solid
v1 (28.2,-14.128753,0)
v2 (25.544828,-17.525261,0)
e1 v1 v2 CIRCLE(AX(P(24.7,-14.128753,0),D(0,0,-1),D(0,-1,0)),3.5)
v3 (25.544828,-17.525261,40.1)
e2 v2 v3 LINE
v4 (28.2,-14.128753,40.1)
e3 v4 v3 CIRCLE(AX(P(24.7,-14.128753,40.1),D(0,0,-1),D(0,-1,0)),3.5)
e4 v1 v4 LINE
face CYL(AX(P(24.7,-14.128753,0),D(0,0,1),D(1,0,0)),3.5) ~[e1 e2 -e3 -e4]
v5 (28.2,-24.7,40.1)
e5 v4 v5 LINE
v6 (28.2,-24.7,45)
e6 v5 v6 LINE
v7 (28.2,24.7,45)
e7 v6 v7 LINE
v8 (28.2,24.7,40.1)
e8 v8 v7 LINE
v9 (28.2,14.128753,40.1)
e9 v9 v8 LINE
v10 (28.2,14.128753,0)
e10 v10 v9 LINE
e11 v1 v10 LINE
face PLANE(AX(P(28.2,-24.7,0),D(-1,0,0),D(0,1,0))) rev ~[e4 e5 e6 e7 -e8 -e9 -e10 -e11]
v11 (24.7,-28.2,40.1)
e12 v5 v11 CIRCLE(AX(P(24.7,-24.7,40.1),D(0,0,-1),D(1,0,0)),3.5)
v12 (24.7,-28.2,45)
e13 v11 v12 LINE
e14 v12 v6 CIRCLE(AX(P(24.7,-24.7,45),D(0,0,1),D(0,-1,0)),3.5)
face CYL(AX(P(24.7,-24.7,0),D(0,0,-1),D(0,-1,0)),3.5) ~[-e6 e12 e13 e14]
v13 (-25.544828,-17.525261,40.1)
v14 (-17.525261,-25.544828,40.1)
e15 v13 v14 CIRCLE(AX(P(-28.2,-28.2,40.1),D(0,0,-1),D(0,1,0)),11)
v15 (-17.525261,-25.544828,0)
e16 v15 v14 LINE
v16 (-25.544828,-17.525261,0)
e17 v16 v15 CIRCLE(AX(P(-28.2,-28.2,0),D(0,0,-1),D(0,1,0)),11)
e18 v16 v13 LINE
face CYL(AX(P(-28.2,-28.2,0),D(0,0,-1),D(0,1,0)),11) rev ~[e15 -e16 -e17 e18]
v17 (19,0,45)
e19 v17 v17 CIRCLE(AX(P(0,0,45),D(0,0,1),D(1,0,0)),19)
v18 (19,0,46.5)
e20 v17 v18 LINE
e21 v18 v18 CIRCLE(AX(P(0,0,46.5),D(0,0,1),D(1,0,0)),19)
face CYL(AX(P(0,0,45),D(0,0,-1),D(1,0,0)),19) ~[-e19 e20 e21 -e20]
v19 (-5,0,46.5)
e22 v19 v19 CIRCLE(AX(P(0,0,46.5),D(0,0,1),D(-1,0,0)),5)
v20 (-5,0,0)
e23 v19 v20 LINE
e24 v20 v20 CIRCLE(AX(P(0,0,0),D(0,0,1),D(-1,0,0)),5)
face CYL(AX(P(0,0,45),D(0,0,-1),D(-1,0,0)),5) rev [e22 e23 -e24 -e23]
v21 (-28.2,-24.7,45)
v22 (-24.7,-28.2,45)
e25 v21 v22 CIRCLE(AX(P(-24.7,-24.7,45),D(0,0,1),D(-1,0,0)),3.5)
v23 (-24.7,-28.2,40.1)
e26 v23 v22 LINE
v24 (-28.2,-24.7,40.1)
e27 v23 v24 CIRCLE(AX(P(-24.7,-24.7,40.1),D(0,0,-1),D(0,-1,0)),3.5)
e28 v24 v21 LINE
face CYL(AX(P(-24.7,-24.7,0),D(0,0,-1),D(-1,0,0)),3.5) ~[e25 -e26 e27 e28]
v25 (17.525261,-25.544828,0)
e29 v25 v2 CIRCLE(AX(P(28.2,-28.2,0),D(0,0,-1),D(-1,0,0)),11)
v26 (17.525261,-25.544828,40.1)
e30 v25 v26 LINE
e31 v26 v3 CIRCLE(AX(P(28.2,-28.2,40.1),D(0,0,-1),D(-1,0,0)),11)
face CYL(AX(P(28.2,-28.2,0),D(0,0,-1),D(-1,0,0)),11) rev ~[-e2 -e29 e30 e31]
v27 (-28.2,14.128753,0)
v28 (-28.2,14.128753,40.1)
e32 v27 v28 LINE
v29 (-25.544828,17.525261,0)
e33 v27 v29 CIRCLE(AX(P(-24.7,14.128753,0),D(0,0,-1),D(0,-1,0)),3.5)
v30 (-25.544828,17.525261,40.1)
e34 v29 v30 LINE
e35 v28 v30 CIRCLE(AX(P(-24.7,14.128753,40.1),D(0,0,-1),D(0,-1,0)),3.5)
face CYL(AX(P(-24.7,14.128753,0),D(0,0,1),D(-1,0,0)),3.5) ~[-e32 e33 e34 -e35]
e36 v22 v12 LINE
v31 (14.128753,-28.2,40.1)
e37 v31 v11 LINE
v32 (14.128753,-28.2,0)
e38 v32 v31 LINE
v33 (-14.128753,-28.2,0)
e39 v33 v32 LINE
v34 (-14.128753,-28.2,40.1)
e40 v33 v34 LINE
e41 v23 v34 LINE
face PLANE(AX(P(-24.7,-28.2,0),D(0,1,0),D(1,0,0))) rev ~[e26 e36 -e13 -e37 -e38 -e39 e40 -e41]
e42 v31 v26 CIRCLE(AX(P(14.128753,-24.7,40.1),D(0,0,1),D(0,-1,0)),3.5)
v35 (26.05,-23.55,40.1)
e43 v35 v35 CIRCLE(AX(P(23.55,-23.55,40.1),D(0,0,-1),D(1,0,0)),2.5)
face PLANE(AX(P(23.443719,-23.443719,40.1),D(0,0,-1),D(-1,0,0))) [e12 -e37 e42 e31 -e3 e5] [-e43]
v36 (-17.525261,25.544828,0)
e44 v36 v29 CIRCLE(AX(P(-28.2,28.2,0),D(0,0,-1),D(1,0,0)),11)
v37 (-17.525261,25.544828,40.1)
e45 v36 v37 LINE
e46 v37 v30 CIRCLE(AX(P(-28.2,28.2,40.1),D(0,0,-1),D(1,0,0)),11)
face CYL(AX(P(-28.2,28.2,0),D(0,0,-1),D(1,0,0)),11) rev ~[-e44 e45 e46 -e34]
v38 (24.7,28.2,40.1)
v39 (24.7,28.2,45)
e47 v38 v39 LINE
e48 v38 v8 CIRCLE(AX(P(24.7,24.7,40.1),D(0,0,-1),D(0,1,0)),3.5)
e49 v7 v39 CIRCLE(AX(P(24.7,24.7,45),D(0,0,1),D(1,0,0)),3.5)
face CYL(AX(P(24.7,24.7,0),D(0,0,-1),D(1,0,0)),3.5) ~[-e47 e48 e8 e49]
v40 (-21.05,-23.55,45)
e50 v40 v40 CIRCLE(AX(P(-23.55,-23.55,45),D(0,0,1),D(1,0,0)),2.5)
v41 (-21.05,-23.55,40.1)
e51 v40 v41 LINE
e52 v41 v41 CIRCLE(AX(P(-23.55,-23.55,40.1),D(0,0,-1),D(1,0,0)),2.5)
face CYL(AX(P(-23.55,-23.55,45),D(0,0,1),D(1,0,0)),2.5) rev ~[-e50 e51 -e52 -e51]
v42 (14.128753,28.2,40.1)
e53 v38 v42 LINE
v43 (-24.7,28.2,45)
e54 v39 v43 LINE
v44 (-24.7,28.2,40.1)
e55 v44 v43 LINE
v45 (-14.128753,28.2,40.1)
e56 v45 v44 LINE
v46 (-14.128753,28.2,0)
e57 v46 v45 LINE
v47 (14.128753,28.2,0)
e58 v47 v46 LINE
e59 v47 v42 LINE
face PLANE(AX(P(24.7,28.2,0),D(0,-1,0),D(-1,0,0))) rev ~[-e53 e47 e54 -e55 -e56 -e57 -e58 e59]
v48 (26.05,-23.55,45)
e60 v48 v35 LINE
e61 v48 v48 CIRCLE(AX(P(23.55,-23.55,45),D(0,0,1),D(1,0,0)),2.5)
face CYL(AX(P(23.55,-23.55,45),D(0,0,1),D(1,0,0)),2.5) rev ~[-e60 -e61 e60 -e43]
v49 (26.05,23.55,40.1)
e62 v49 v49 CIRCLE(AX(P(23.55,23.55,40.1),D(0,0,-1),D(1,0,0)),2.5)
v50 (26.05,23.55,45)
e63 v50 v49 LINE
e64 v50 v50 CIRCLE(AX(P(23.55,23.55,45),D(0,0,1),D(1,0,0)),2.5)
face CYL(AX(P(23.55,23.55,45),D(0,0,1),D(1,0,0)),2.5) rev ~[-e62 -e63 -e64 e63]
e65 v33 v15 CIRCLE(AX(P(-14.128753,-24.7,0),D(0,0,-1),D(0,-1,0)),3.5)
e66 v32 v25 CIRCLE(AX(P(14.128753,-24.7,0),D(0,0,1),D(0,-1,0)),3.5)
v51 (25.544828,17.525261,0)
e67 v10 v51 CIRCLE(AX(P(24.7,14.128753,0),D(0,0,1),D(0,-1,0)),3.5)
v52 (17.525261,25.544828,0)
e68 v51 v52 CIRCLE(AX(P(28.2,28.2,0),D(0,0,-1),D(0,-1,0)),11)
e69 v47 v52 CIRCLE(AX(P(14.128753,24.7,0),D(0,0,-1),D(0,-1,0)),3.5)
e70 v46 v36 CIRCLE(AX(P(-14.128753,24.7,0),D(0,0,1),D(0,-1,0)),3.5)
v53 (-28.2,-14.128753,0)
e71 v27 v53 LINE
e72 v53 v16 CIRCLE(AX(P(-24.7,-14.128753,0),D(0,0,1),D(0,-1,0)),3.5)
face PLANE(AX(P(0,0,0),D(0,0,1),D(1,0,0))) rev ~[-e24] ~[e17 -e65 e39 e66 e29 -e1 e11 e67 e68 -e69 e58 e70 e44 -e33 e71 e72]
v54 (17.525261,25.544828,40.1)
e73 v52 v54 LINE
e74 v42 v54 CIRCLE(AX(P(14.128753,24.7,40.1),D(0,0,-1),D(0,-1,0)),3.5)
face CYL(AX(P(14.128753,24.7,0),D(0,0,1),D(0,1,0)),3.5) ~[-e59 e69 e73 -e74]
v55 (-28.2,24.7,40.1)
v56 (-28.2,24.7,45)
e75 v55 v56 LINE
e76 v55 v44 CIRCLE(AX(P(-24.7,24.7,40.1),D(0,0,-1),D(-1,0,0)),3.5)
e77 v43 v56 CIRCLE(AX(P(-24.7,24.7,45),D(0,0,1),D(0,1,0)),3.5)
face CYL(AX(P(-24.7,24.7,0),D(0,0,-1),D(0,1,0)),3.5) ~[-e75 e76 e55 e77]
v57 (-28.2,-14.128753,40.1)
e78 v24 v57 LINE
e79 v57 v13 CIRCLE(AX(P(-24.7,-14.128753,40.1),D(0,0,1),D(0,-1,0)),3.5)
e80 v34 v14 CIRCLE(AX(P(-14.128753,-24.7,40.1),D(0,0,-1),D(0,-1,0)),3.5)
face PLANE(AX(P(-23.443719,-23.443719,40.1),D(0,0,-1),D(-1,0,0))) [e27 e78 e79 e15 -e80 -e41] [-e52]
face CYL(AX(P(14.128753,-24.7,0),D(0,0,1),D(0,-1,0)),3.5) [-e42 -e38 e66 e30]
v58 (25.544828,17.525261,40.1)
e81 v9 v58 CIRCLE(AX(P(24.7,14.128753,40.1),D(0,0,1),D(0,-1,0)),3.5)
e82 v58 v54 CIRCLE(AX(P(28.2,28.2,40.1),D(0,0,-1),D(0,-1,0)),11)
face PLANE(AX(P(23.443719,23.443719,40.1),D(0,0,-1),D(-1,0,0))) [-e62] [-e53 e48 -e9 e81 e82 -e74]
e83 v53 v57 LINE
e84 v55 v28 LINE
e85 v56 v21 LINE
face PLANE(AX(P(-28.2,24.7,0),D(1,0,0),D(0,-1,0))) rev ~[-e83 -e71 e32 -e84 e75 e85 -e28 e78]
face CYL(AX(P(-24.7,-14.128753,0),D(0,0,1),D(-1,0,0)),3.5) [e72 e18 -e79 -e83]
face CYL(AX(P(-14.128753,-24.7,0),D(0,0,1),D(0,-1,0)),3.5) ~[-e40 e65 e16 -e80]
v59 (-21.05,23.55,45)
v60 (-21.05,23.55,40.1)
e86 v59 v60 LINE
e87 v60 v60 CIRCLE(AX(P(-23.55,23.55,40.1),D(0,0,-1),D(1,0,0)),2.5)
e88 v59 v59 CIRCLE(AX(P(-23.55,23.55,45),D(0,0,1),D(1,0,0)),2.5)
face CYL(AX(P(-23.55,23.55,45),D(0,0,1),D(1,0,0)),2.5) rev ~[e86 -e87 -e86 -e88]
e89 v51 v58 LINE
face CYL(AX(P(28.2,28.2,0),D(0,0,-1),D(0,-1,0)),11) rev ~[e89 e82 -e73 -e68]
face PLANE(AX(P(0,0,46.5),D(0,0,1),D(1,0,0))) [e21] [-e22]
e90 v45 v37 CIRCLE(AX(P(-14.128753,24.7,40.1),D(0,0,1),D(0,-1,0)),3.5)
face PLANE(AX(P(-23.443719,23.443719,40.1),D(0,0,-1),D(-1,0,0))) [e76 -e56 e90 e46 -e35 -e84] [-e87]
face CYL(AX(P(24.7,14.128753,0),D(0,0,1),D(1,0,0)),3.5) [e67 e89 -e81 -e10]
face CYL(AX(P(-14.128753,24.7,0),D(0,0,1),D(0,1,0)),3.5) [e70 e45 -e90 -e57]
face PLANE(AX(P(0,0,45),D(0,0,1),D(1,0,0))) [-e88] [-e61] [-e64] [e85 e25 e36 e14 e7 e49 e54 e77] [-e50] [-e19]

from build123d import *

# Parameters (mm, degrees)
SKETCH1_R           = 5
BOSS_EXTRUDE1_DEPTH = 45
SKETCH2_R           = 19
SKETCH2_R_2         = 5
BOSS_EXTRUDE2_DEPTH = 1.5
SKETCH3_R           = 2.5
CUT_EXTRUDE1_DEPTH  = 61.128861622
SKETCH4_R           = 2.5
CUT_EXTRUDE2_DEPTH  = 40.1
FILLET1_R           = 3.5


with BuildPart() as part:
    # Sketch1 → Boss-Extrude1 (new body)
    with BuildSketch(Plane.XY):
        with BuildLine():
            Line((-24.7, -28.2), (24.7, -28.2))
            ThreePointArc((24.7, -28.2), (27.174873734, -27.174873734), (28.2, -24.7))
            Line((28.2, -24.7), (28.2, 24.7))
            ThreePointArc((28.2, 24.7), (27.174873734, 27.174873734), (24.7, 28.2))
            Line((24.7, 28.2), (-24.7, 28.2))
            ThreePointArc((-24.7, 28.2), (-27.174873734, 27.174873734), (-28.2, 24.7))
            Line((-28.2, 24.7), (-28.2, -24.7))
            ThreePointArc((-28.2, -24.7), (-27.174873734, -27.174873734), (-24.7, -28.2))
        make_face()
        with Locations(Location((0, 0, 0), (0, 0, 180))):
            Circle(SKETCH1_R, mode=Mode.SUBTRACT)
    extrude(amount=BOSS_EXTRUDE1_DEPTH)

    # Sketch2 → Boss-Extrude2 (add)
    with BuildSketch(Plane.XY.offset(45)):
        Circle(SKETCH2_R)
        with Locations(Location((0, 0, 0), (0, 0, 180))):
            Circle(SKETCH2_R_2, mode=Mode.SUBTRACT)
    extrude(amount=BOSS_EXTRUDE2_DEPTH)

    # Sketch3 → Cut-Extrude1 (cut, through all)
    with BuildSketch(Plane.XY.offset(45)):
        with Locations((-23.55, 23.55)):
            Circle(SKETCH3_R)
        with Locations((23.55, 23.55)):
            Circle(SKETCH3_R)
        with Locations((23.55, -23.55)):
            Circle(SKETCH3_R)
        with Locations((-23.55, -23.55)):
            Circle(SKETCH3_R)
    extrude(amount=-CUT_EXTRUDE1_DEPTH, mode=Mode.SUBTRACT)

    # Sketch4 → Cut-Extrude2 (cut)
    # profile 1 of 4: a face of its own
    with BuildSketch(Plane(origin=(0, 0, 0), x_dir=(-1, 0, 0), z_dir=(0, 0, -1))):
        with BuildLine():
            ThreePointArc((-28.2, 17.2), (-20.421825407, 20.421825407), (-17.2, 28.2))
            Line((-17.2, 28.2), (-24.7, 28.2))
            ThreePointArc((-24.7, 28.2), (-27.174873734, 27.174873734), (-28.2, 24.7))
            Line((-28.2, 24.7), (-28.2, 17.2))
        make_face()
        with Locations(Location((-23.55, 23.55, 0), (0, 0, 180))):
            Circle(SKETCH4_R, mode=Mode.SUBTRACT)
    # profile 2 of 4: a face of its own
    with BuildSketch(Plane(origin=(0, 0, 0), x_dir=(-1, 0, 0), z_dir=(0, 0, -1))):
        with BuildLine():
            Line((-24.7, -28.2), (-17.2, -28.2))
            ThreePointArc((-17.2, -28.2), (-20.421825407, -20.421825407), (-28.2, -17.2))
            Line((-28.2, -17.2), (-28.2, -24.7))
            ThreePointArc((-28.2, -24.7), (-27.174873734, -27.174873734), (-24.7, -28.2))
        make_face()
        with Locations(Location((-23.55, -23.55, 0), (0, 0, 180))):
            Circle(SKETCH4_R, mode=Mode.SUBTRACT)
    # profile 3 of 4: a face of its own
    with BuildSketch(Plane(origin=(0, 0, 0), x_dir=(-1, 0, 0), z_dir=(0, 0, -1))):
        with BuildLine():
            Line((28.2, -24.7), (28.2, -17.2))
            ThreePointArc((28.2, -17.2), (20.421825407, -20.421825407), (17.2, -28.2))
            Line((17.2, -28.2), (24.7, -28.2))
            ThreePointArc((24.7, -28.2), (27.174873734, -27.174873734), (28.2, -24.7))
        make_face()
        with Locations(Location((23.55, -23.55, 0), (0, 0, 180))):
            Circle(SKETCH4_R, mode=Mode.SUBTRACT)
    # profile 4 of 4: a face of its own
    with BuildSketch(Plane(origin=(0, 0, 0), x_dir=(-1, 0, 0), z_dir=(0, 0, -1))):
        with BuildLine():
            ThreePointArc((17.2, 28.2), (20.421825407, 20.421825407), (28.2, 17.2))
            Line((28.2, 17.2), (28.2, 24.7))
            ThreePointArc((28.2, 24.7), (27.174873734, 27.174873734), (24.7, 28.2))
            Line((24.7, 28.2), (17.2, 28.2))
        make_face()
        with Locations(Location((23.55, 23.55, 0), (0, 0, 180))):
            Circle(SKETCH4_R, mode=Mode.SUBTRACT)
    extrude(amount=-CUT_EXTRUDE2_DEPTH, mode=Mode.SUBTRACT)

    # Fillet1
    fillet1_edges = [part.edges().sort_by_distance(p)[0] for p in [
        (-17.2, 28.2, 20.05),
        (-28.2, 17.2, 20.05),
        (-17.2, -28.2, 20.05),
        (-28.2, -17.2, 20.05),
        (28.2, -17.2, 20.05),
        (17.2, -28.2, 20.05),
        (28.2, 17.2, 20.05),
        (17.2, 28.2, 20.05),
    ]]
    fillet(fillet1_edges, radius=FILLET1_R)


solid = part.part
